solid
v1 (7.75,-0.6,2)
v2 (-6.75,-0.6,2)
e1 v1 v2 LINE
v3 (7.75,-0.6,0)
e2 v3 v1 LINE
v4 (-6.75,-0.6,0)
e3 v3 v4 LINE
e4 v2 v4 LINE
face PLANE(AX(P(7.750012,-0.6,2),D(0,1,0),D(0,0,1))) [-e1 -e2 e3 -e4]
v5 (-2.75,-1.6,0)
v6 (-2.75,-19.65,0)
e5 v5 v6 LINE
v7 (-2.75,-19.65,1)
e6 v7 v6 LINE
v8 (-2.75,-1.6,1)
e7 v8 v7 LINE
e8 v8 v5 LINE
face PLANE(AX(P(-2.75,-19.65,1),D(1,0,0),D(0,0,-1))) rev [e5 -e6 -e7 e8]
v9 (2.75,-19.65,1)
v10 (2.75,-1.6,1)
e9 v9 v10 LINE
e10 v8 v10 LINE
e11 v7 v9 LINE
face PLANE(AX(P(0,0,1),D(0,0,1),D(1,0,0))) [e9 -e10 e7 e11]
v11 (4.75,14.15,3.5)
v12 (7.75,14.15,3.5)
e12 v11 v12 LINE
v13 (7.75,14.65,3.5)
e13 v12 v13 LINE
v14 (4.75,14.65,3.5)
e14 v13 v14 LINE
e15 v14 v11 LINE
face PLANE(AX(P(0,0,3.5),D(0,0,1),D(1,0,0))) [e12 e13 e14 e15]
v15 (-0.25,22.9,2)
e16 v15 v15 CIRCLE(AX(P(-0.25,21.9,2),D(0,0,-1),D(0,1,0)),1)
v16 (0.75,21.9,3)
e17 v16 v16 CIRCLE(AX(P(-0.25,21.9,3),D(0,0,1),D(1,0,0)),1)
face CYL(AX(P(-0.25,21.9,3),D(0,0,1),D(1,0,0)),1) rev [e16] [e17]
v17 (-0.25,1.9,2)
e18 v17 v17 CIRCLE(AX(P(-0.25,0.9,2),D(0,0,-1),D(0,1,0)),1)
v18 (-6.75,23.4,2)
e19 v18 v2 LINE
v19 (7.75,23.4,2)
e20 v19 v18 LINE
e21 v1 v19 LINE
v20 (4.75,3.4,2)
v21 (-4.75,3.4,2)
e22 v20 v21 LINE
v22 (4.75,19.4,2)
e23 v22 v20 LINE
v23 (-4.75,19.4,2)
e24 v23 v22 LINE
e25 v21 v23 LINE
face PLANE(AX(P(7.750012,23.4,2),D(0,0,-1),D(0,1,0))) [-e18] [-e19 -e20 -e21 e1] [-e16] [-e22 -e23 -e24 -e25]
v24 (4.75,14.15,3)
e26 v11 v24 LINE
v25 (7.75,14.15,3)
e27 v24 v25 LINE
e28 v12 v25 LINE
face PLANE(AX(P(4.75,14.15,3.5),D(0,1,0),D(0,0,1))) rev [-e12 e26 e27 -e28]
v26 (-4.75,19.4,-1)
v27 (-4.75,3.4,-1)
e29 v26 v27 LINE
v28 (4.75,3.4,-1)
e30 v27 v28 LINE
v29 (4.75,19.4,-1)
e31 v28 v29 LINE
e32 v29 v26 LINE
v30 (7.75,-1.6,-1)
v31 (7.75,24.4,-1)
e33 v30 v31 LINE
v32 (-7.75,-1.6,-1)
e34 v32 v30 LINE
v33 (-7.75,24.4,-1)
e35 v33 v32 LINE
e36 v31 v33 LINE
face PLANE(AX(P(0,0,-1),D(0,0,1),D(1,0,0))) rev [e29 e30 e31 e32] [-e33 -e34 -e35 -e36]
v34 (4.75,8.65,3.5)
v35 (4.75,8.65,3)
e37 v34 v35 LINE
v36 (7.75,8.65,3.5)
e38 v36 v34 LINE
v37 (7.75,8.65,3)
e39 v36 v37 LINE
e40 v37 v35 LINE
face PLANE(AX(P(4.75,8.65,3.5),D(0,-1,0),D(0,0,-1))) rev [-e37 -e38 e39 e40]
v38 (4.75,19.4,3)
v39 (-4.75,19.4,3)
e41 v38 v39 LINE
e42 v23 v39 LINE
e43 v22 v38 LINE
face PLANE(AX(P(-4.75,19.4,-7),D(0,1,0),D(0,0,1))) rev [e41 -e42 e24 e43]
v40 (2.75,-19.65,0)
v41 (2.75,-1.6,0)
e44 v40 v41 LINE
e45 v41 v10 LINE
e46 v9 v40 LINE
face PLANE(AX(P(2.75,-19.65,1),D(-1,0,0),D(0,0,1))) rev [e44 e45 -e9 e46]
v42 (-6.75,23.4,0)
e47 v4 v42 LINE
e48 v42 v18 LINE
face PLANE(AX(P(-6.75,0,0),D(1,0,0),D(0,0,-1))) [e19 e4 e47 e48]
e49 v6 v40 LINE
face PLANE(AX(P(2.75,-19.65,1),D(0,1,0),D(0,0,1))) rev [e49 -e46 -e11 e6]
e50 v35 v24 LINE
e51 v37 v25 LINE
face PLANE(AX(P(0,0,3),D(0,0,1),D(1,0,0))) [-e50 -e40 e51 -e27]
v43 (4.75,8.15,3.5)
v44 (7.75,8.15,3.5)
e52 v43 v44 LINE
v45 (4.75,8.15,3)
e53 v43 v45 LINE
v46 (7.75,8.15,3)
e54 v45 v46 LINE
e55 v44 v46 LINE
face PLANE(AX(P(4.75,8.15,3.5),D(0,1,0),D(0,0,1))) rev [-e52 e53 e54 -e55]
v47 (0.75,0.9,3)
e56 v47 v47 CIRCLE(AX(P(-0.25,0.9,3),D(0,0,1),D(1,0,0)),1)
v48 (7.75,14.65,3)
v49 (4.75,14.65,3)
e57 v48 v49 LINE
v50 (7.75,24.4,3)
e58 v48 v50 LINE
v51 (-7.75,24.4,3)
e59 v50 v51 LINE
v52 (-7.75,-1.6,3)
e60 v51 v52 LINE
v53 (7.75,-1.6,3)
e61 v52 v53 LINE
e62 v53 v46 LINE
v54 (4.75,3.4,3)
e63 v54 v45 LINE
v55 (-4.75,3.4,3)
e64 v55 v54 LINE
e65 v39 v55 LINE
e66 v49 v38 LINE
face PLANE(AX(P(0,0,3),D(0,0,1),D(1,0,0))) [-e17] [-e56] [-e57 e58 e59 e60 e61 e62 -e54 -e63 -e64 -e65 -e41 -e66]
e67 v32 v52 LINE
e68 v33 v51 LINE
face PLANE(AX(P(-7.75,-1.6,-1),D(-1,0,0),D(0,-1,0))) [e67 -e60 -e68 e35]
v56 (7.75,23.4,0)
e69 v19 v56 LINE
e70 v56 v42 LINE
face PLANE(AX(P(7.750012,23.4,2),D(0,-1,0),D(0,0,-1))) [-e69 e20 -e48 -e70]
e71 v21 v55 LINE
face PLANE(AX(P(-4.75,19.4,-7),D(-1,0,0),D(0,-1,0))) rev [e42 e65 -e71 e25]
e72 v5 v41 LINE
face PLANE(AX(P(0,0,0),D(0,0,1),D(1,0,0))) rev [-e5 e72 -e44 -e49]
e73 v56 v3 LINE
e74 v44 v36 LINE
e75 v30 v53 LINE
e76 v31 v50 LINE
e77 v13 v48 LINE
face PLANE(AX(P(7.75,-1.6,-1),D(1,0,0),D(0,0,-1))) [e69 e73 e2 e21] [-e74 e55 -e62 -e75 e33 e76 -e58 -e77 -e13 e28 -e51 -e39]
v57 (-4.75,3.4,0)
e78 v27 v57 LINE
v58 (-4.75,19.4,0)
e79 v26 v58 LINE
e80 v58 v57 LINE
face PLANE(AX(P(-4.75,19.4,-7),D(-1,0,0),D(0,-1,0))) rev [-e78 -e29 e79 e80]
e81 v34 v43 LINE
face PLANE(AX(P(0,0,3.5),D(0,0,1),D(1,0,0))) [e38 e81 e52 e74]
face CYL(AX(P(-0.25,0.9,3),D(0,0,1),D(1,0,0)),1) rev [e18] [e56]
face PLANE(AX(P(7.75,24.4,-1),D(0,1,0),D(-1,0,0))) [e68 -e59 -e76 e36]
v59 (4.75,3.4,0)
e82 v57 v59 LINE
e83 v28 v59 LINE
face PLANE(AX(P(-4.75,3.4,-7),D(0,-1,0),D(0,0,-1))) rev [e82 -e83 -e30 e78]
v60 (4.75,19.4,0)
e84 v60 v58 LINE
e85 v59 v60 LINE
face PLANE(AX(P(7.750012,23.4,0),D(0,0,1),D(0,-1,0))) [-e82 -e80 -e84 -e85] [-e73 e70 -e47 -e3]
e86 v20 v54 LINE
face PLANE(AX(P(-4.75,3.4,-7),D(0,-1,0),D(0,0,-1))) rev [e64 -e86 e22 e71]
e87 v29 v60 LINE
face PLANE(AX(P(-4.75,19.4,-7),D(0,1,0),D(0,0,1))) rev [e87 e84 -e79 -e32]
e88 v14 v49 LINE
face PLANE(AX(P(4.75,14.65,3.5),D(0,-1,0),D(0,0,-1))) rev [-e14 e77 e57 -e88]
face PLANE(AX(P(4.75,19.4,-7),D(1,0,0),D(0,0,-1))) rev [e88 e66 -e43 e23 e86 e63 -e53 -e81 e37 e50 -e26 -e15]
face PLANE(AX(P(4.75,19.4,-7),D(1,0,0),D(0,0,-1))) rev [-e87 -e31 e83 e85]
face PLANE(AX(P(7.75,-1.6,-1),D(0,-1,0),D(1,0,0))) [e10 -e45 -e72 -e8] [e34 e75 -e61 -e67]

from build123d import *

# Parameters (mm, degrees)
SKETCH1_W                 = 5.5
SKETCH1_H                 = 39.3
BOSS_EXTRUDE1_DEPTH       = 1
SKETCH3_W                 = 15.5
SKETCH3_H                 = 26
BOSS_EXTRUDE5_DEPTH       = 2
SKETCH3_2_W               = 15.5
SKETCH3_2_H               = 26
BOSS_EXTRUDE6_DEPTH       = 2
CUT_EXTRUDE5_DEPTH        = 30.062174729
CUT_EXTRUDE5_DEPTH_BACK   = 14.5
SKETCH10_W                = 2
SKETCH10_H                = 24
SKETCH11_W                = 9.5
SKETCH11_H                = 16
CUT_EXTRUDE7_DEPTH        = 10
F_2_0MM_DOWEL_HOLE1_D     = 2
F_2_0MM_DOWEL_HOLE1_DEPTH = 1
SKETCH15_W                = 3
SKETCH15_H                = 0.5
BOSS_EXTRUDE7_DEPTH       = 0.5


with BuildPart() as part:
    # Sketch1 → Boss-Extrude1 (new body)
    with BuildSketch(Plane.XY):
        Rectangle(SKETCH1_W, SKETCH1_H)
    extrude(amount=BOSS_EXTRUDE1_DEPTH)

    # Sketch3 → Boss-Extrude5 (add, symmetric)
    with BuildSketch(Plane.XY.offset(1)):
        with Locations((0, 11.4)):
            Rectangle(SKETCH3_W, SKETCH3_H)
    extrude(amount=BOSS_EXTRUDE5_DEPTH, both=True)

    # Sketch3<2> → Boss-Extrude6 (add)
    with BuildSketch(Plane.XY.offset(1)):
        with Locations((0, 11.4)):
            Rectangle(SKETCH3_2_W, SKETCH3_2_H)
    extrude(amount=BOSS_EXTRUDE6_DEPTH)

    # Sketch10 → Cut-Extrude5 (cut, two sides: drawn at the far end of the back side and taken through both)
    with BuildSketch(Plane(origin=(7.75, 0, 0), x_dir=(0, 0, -1), z_dir=(1, 0, 0)).offset(-CUT_EXTRUDE5_DEPTH_BACK)):
        with Locations((-1, 11.4)):
            Rectangle(SKETCH10_W, SKETCH10_H)
    extrude(amount=CUT_EXTRUDE5_DEPTH + CUT_EXTRUDE5_DEPTH_BACK, mode=Mode.SUBTRACT)

    # Sketch11 → Cut-Extrude7 (cut)
    with BuildSketch(Plane.XY.offset(3)):
        with Locations((0, 11.4)):
            Rectangle(SKETCH11_W, SKETCH11_H)
    extrude(amount=-CUT_EXTRUDE7_DEPTH, mode=Mode.SUBTRACT)

    # Ø2.0mm Dowel Hole1
    with Locations(Plane(origin=(-0.25, 21.9, 3), x_dir=(1, 0, 0), z_dir=(0, 0, 1))):
        with Locations((0, 0), (0, -21)):
            Hole(F_2_0MM_DOWEL_HOLE1_D / 2, depth=F_2_0MM_DOWEL_HOLE1_DEPTH)

    # Sketch15 → Boss-Extrude7 (add)
    with BuildSketch(Plane.XY.offset(3)):
        with Locations((6.25, 14.4)):
            Rectangle(SKETCH15_W, SKETCH15_H)
        with Locations((6.25, 8.4)):
            Rectangle(SKETCH15_W, SKETCH15_H)
    extrude(amount=BOSS_EXTRUDE7_DEPTH)


solid = part.part
